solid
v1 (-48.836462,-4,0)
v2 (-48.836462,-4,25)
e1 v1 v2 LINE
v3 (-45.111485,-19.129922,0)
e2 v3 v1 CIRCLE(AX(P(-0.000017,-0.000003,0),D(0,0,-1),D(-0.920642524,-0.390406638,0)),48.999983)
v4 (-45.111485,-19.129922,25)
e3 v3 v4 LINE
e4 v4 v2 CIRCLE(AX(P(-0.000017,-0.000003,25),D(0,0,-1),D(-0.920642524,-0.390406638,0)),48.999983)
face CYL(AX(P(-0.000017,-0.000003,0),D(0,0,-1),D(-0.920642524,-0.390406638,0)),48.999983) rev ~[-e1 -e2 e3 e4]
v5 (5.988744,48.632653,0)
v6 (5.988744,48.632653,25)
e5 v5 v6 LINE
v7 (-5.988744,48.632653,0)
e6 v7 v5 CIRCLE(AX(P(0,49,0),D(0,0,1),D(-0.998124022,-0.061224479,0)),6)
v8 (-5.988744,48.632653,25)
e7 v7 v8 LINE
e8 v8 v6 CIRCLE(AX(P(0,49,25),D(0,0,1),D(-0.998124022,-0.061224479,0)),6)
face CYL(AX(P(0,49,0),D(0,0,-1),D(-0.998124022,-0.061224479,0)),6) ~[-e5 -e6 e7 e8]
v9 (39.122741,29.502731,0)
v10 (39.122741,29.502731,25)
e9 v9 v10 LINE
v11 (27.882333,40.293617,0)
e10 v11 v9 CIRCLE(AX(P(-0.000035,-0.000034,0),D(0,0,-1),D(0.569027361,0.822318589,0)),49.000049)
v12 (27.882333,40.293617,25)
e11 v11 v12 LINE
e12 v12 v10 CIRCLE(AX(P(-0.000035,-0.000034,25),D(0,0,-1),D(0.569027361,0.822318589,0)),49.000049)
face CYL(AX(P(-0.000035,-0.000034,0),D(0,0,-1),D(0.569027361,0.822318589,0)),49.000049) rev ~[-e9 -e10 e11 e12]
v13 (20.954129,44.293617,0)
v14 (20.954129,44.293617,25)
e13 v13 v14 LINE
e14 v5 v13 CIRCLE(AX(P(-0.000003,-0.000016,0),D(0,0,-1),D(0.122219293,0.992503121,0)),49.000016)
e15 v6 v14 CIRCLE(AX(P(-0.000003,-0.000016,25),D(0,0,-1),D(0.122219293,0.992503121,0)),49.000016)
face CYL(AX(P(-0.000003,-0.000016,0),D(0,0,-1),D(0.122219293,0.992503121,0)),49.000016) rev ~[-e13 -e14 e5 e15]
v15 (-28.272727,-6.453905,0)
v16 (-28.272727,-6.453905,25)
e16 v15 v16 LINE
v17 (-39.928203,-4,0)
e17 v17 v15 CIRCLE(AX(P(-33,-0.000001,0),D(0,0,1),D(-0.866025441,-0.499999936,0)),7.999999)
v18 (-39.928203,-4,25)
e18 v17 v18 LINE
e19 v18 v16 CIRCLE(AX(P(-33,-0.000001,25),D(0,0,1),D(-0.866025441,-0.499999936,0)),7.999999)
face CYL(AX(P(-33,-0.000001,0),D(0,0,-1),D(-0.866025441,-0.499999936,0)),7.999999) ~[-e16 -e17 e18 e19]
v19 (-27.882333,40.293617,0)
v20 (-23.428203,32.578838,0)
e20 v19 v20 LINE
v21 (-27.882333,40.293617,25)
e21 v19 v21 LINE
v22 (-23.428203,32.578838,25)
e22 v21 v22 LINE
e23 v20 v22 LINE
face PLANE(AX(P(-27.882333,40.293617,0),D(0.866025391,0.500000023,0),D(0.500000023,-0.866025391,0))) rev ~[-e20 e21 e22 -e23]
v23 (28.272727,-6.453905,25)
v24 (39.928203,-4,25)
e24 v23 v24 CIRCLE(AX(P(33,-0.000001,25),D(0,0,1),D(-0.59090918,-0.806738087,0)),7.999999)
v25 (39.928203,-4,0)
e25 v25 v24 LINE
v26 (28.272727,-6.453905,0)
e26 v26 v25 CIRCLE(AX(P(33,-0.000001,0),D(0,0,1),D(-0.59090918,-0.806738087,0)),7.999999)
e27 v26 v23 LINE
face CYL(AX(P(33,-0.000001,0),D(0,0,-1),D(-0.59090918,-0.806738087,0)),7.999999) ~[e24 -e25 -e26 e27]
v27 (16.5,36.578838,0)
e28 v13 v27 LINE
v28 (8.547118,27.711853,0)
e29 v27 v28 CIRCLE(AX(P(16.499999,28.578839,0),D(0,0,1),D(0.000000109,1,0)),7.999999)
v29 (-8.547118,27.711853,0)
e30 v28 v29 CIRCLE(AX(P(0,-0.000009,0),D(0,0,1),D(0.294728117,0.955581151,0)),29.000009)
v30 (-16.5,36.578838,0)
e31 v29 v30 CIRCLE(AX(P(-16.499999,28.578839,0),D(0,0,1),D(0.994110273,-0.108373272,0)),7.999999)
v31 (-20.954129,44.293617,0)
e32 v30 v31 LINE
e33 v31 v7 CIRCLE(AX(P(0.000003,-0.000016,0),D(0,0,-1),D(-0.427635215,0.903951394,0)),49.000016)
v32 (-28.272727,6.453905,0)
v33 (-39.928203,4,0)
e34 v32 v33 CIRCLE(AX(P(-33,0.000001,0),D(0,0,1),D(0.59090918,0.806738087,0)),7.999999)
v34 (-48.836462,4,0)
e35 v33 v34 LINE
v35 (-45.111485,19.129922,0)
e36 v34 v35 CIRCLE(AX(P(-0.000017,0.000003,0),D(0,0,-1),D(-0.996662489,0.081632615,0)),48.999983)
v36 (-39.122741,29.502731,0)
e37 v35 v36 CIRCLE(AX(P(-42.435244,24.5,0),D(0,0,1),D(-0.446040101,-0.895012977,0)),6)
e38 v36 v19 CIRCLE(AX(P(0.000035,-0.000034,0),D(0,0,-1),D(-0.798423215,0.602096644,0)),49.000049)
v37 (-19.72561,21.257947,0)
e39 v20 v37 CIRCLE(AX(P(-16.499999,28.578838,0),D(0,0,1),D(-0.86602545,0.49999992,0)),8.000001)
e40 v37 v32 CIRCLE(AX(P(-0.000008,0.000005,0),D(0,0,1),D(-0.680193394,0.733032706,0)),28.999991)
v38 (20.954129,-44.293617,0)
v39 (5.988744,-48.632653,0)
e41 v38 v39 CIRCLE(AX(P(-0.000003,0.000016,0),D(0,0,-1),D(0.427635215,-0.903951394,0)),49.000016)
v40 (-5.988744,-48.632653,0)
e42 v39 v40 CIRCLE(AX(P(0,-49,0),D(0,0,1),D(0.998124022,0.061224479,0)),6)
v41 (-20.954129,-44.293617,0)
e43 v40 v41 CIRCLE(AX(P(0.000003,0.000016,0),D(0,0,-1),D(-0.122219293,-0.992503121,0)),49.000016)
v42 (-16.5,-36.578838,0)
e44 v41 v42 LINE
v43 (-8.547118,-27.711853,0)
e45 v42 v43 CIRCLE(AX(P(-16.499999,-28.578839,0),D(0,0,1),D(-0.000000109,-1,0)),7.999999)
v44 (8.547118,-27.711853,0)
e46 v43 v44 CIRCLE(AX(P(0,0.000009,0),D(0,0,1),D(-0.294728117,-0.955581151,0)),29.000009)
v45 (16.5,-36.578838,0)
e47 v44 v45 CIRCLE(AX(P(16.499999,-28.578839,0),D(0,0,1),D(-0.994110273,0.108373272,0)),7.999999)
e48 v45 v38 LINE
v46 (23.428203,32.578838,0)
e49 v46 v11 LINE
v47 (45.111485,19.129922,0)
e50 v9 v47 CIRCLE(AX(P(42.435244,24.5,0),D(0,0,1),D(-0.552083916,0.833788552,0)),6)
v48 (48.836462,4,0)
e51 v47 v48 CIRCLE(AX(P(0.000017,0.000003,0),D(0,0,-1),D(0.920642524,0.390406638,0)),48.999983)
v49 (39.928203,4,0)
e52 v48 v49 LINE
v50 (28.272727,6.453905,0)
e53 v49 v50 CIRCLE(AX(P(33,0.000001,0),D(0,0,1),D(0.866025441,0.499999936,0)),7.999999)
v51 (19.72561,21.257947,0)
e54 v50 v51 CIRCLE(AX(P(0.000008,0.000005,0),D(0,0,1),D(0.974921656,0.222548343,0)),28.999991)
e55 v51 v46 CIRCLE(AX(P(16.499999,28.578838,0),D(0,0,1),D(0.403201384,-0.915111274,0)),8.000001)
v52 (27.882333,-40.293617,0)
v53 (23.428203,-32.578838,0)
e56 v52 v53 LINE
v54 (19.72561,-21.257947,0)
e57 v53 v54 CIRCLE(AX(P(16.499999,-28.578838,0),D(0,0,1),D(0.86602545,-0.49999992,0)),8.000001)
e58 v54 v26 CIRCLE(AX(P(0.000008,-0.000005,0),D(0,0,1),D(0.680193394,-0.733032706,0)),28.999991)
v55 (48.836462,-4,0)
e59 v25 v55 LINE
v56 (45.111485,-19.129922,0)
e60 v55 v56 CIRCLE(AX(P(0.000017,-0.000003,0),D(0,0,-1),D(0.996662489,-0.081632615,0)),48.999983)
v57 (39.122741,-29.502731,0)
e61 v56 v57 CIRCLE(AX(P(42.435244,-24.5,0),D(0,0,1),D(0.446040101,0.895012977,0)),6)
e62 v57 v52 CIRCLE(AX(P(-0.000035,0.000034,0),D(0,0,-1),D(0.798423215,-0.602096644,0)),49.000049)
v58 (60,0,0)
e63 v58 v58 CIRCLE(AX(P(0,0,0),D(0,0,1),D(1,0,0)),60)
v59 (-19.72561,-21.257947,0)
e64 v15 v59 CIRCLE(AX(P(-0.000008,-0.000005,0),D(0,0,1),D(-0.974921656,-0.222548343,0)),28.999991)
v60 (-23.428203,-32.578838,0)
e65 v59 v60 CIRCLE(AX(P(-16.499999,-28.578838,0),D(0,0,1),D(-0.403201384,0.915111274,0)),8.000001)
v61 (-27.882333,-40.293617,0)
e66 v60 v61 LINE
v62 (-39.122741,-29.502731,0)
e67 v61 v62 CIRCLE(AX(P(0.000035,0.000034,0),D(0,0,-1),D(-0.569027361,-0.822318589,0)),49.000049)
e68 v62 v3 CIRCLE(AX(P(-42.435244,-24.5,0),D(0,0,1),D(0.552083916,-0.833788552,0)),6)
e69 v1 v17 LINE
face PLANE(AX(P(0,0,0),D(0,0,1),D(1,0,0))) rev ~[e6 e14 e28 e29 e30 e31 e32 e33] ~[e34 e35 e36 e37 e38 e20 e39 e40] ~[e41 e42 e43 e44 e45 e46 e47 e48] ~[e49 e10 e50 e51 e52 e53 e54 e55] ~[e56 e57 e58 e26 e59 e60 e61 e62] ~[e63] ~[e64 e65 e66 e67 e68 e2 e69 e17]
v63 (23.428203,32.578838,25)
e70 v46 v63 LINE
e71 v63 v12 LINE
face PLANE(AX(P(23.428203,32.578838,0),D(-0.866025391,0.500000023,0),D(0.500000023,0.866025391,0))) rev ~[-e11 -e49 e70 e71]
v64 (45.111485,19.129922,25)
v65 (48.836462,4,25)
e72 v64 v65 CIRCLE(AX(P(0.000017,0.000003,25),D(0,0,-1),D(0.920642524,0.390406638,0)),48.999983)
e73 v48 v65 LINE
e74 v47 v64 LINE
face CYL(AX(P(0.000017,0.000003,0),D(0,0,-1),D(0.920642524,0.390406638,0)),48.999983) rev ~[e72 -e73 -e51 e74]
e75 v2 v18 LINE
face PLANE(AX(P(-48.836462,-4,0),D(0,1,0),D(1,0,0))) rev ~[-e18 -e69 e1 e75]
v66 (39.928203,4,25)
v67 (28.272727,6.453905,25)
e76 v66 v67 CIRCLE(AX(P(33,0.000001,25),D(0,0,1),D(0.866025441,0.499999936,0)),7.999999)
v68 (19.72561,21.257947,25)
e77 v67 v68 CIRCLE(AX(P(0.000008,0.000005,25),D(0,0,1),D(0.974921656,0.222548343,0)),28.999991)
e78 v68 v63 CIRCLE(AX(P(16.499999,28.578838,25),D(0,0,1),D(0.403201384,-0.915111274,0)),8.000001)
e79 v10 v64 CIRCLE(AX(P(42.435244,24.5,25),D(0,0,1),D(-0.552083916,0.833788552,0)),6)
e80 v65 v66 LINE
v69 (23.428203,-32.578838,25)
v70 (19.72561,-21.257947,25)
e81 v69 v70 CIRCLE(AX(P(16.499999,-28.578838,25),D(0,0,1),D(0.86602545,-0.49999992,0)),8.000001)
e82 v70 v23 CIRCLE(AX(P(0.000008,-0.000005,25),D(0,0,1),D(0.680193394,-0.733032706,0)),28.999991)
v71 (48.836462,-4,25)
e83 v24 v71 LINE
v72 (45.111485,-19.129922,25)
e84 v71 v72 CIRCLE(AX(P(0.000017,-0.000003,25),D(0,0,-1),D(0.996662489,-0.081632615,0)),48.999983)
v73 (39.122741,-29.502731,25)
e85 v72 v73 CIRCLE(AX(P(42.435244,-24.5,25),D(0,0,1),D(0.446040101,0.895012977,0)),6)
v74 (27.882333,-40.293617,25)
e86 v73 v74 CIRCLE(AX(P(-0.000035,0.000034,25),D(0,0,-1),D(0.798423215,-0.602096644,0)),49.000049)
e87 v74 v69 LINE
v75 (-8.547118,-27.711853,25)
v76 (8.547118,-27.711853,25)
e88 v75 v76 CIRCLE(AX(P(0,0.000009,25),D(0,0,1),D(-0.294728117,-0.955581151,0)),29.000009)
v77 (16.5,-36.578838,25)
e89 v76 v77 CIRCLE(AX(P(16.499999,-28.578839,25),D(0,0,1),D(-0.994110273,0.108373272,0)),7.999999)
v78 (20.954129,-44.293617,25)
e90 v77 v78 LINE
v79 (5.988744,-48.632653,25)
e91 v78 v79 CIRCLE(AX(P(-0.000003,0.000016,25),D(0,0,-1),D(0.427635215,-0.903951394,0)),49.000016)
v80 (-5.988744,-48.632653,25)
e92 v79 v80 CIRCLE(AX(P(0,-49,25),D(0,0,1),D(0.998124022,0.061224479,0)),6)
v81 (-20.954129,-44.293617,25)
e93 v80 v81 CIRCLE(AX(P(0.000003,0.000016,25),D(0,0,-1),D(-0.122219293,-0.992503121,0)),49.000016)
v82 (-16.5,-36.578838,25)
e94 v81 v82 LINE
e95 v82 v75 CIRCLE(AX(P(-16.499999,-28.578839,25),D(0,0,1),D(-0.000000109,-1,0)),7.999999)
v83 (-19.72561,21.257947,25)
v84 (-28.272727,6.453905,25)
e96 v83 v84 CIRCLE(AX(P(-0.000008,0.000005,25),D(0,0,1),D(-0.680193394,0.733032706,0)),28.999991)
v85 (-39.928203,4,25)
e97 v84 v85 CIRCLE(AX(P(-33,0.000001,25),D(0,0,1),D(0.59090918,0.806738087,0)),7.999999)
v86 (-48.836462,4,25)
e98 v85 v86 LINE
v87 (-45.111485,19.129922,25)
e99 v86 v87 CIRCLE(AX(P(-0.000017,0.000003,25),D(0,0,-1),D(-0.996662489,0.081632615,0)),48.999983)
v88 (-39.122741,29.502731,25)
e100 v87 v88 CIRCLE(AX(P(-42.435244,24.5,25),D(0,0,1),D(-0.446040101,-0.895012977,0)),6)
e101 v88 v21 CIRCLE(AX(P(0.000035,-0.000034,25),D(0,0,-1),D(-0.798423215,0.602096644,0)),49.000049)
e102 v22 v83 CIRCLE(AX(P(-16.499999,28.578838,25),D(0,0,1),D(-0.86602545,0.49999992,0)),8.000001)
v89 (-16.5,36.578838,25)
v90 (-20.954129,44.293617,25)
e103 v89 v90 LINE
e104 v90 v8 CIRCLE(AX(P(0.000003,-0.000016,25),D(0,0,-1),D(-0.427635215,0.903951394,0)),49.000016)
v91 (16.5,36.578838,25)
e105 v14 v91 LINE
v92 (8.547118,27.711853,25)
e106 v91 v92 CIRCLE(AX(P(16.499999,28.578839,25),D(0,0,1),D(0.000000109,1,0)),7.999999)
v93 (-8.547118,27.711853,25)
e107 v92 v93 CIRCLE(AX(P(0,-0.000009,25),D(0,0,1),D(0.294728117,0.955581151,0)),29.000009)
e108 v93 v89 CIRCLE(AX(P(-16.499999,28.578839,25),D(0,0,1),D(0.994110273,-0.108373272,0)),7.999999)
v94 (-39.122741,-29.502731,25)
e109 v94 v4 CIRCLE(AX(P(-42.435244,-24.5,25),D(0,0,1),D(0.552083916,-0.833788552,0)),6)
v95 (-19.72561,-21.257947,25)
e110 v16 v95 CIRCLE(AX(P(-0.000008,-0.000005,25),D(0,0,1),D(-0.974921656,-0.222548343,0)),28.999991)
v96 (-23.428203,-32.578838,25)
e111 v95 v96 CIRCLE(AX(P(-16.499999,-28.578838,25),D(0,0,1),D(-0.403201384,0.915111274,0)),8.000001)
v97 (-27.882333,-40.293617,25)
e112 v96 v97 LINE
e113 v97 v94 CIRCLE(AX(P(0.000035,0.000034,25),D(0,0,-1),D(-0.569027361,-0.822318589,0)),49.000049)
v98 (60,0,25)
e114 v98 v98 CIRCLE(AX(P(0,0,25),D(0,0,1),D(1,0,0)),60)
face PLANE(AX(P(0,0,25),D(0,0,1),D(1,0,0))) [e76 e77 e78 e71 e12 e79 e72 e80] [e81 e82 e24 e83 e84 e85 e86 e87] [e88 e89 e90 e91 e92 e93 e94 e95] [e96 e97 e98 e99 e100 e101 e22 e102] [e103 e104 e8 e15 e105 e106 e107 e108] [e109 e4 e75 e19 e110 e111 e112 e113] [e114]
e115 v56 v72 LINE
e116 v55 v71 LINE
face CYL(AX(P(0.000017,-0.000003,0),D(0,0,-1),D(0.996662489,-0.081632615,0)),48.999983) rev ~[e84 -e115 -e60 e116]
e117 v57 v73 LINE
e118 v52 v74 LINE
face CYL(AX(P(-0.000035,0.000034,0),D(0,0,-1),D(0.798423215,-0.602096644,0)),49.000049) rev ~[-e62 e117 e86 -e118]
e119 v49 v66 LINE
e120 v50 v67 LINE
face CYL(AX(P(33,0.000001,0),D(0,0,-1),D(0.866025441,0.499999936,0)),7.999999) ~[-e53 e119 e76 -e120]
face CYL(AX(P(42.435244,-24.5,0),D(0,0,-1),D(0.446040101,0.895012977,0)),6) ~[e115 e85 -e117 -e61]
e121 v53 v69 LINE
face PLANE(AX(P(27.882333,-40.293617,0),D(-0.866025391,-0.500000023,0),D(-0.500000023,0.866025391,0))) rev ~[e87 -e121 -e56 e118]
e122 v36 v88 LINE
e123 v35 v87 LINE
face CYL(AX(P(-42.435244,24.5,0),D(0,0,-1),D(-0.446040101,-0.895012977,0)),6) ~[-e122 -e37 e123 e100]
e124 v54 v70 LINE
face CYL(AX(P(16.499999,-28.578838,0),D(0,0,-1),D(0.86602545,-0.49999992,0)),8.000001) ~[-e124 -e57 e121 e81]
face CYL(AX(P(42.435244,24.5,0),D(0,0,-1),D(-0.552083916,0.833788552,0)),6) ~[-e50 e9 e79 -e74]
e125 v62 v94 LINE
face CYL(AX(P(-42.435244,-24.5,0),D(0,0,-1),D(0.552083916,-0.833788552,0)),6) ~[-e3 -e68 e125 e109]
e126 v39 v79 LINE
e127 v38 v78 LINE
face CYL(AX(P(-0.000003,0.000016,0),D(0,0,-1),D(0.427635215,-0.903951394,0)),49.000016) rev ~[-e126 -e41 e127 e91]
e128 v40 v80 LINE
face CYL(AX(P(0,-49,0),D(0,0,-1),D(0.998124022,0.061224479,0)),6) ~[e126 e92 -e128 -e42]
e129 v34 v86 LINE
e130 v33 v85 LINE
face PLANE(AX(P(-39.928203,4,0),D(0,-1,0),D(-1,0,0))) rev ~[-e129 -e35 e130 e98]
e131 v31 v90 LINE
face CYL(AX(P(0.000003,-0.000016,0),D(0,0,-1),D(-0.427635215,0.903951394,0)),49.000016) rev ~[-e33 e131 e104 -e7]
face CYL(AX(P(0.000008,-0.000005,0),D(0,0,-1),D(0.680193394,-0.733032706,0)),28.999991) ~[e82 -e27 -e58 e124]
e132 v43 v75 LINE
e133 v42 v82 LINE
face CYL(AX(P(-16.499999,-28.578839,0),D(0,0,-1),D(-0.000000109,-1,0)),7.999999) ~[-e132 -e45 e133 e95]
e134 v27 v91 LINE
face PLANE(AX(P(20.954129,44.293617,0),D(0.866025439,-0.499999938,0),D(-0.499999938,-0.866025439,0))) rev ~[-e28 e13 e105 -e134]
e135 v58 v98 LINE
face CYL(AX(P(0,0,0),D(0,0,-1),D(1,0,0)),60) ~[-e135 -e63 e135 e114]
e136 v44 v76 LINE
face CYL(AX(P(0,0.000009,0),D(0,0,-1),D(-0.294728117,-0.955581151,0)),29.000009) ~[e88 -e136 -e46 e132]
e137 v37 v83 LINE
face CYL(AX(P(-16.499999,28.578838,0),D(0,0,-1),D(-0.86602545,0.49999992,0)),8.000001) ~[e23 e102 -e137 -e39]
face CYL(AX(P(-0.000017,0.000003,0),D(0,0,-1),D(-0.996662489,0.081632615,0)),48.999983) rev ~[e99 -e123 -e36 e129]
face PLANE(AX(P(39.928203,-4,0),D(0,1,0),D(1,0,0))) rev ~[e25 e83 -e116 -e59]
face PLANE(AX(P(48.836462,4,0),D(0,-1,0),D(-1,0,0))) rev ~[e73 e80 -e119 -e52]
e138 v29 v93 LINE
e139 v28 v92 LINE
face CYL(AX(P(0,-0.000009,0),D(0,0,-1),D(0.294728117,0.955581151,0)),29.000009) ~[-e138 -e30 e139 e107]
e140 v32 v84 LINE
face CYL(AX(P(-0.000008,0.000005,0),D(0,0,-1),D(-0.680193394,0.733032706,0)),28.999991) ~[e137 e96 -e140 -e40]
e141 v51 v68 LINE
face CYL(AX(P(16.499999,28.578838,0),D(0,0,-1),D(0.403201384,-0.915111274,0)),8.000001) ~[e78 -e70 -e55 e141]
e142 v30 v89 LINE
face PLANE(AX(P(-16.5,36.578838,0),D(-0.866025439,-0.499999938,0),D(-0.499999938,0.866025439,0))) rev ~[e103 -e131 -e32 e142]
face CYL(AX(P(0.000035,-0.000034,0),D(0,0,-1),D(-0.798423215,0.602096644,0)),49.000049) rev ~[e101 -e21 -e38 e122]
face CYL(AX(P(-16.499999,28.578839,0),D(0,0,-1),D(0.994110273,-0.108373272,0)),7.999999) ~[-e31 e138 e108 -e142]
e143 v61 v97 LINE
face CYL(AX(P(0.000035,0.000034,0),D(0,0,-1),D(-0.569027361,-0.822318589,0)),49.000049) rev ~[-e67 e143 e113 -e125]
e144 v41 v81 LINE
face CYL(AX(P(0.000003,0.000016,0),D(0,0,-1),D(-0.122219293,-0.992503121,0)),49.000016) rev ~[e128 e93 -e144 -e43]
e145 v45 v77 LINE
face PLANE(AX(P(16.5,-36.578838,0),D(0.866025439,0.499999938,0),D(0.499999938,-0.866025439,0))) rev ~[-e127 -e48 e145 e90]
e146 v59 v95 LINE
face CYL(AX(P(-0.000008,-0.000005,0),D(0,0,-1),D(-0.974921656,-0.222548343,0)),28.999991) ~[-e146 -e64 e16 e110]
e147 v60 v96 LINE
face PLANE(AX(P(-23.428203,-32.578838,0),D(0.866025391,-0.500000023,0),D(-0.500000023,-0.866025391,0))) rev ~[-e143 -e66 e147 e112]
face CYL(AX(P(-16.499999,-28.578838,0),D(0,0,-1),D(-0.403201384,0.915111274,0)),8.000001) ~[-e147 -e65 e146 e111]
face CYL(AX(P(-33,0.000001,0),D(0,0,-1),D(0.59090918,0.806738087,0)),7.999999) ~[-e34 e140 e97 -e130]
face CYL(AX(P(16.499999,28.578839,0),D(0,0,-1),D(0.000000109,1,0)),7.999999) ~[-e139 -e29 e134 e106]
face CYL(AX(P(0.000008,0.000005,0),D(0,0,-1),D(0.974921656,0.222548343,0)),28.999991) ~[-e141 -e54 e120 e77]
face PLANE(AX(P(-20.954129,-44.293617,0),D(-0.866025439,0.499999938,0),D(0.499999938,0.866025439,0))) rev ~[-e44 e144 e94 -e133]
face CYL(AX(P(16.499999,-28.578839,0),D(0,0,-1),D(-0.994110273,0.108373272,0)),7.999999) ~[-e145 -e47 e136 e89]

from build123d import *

# Parameters (mm, degrees)
F0_R     = 60
F1_DEPTH = 25


with BuildPart() as f1:
    # F0 (on Top) → F1 (new body)
    with BuildSketch(Plane.XY):
        Circle(F0_R)
        with BuildLine():
            ThreePointArc((-27.882333, -40.293617), (-33.934212, -35.347832), (-39.122741, -29.502731))
            ThreePointArc((-39.122741, -29.502731), (-37.239092, -21.5), (-45.111485, -19.129922))
            ThreePointArc((-45.111485, -19.129922), (-47.579227, -11.713974), (-48.836462, -4))
            Line((-48.836462, -4), (-39.928203, -4))
            ThreePointArc((-39.928203, -4), (-34.648162, -7.828382), (-28.272727, -6.453905))
            ThreePointArc((-28.272727, -6.453905), (-25.114737, -14.5), (-19.72561, -21.257947))
            ThreePointArc((-19.72561, -21.257947), (-24.103658, -26.091997), (-23.428203, -32.578838))
            Line((-23.428203, -32.578838), (-27.882333, -40.293617))
        make_face(mode=Mode.SUBTRACT)
        with BuildLine():
            ThreePointArc((20.954129, -44.293617), (13.645014, -47.061806), (5.988744, -48.632653))
            ThreePointArc((5.988744, -48.632653), (0, -43), (-5.988744, -48.632653))
            ThreePointArc((-5.988744, -48.632653), (-13.645014, -47.061806), (-20.954129, -44.293617))
            Line((-20.954129, -44.293617), (-16.5, -36.578838))
            ThreePointArc((-16.5, -36.578838), (-10.544503, -33.920379), (-8.547118, -27.711853))
            ThreePointArc((-8.547118, -27.711853), (0, -29), (8.547118, -27.711853))
            ThreePointArc((8.547118, -27.711853), (10.544503, -33.920379), (16.5, -36.578838))
            Line((16.5, -36.578838), (20.954129, -44.293617))
        make_face(mode=Mode.SUBTRACT)
        with BuildLine():
            ThreePointArc((48.836462, -4), (47.579227, -11.713974), (45.111485, -19.129922))
            ThreePointArc((45.111485, -19.129922), (37.239092, -21.5), (39.122741, -29.502731))
            ThreePointArc((39.122741, -29.502731), (33.934212, -35.347832), (27.882333, -40.293617))
            Line((27.882333, -40.293617), (23.428203, -32.578838))
            ThreePointArc((23.428203, -32.578838), (24.103658, -26.091997), (19.72561, -21.257947))
            ThreePointArc((19.72561, -21.257947), (25.114737, -14.5), (28.272727, -6.453905))
            ThreePointArc((28.272727, -6.453905), (34.648162, -7.828382), (39.928203, -4))
            Line((39.928203, -4), (48.836462, -4))
        make_face(mode=Mode.SUBTRACT)
        with BuildLine():
            ThreePointArc((-48.836462, 4), (-47.579227, 11.713974), (-45.111485, 19.129922))
            ThreePointArc((-45.111485, 19.129922), (-37.239092, 21.5), (-39.122741, 29.502731))
            ThreePointArc((-39.122741, 29.502731), (-33.934212, 35.347832), (-27.882333, 40.293617))
            Line((-27.882333, 40.293617), (-23.428203, 32.578838))
            ThreePointArc((-23.428203, 32.578838), (-24.103658, 26.091997), (-19.72561, 21.257947))
            ThreePointArc((-19.72561, 21.257947), (-25.114737, 14.5), (-28.272727, 6.453905))
            ThreePointArc((-28.272727, 6.453905), (-34.648162, 7.828382), (-39.928203, 4))
            Line((-39.928203, 4), (-48.836462, 4))
        make_face(mode=Mode.SUBTRACT)
        with BuildLine():
            ThreePointArc((-20.954129, 44.293617), (-13.645014, 47.061806), (-5.988744, 48.632653))
            ThreePointArc((-5.988744, 48.632653), (0, 43), (5.988744, 48.632653))
            ThreePointArc((5.988744, 48.632653), (13.645014, 47.061806), (20.954129, 44.293617))
            Line((20.954129, 44.293617), (16.5, 36.578838))
            ThreePointArc((16.5, 36.578838), (10.544503, 33.920379), (8.547118, 27.711853))
            ThreePointArc((8.547118, 27.711853), (0, 29), (-8.547118, 27.711853))
            ThreePointArc((-8.547118, 27.711853), (-10.544503, 33.920379), (-16.5, 36.578838))
            Line((-16.5, 36.578838), (-20.954129, 44.293617))
        make_face(mode=Mode.SUBTRACT)
        with BuildLine():
            ThreePointArc((27.882333, 40.293617), (33.934212, 35.347832), (39.122741, 29.502731))
            ThreePointArc((39.122741, 29.502731), (37.239092, 21.5), (45.111485, 19.129922))
            ThreePointArc((45.111485, 19.129922), (47.579227, 11.713974), (48.836462, 4))
            Line((48.836462, 4), (39.928203, 4))
            ThreePointArc((39.928203, 4), (34.648162, 7.828382), (28.272727, 6.453905))
            ThreePointArc((28.272727, 6.453905), (25.114737, 14.5), (19.72561, 21.257947))
            ThreePointArc((19.72561, 21.257947), (24.103658, 26.091997), (23.428203, 32.578838))
            Line((23.428203, 32.578838), (27.882333, 40.293617))
        make_face(mode=Mode.SUBTRACT)
    extrude(amount=F1_DEPTH)


solid = f1.part
